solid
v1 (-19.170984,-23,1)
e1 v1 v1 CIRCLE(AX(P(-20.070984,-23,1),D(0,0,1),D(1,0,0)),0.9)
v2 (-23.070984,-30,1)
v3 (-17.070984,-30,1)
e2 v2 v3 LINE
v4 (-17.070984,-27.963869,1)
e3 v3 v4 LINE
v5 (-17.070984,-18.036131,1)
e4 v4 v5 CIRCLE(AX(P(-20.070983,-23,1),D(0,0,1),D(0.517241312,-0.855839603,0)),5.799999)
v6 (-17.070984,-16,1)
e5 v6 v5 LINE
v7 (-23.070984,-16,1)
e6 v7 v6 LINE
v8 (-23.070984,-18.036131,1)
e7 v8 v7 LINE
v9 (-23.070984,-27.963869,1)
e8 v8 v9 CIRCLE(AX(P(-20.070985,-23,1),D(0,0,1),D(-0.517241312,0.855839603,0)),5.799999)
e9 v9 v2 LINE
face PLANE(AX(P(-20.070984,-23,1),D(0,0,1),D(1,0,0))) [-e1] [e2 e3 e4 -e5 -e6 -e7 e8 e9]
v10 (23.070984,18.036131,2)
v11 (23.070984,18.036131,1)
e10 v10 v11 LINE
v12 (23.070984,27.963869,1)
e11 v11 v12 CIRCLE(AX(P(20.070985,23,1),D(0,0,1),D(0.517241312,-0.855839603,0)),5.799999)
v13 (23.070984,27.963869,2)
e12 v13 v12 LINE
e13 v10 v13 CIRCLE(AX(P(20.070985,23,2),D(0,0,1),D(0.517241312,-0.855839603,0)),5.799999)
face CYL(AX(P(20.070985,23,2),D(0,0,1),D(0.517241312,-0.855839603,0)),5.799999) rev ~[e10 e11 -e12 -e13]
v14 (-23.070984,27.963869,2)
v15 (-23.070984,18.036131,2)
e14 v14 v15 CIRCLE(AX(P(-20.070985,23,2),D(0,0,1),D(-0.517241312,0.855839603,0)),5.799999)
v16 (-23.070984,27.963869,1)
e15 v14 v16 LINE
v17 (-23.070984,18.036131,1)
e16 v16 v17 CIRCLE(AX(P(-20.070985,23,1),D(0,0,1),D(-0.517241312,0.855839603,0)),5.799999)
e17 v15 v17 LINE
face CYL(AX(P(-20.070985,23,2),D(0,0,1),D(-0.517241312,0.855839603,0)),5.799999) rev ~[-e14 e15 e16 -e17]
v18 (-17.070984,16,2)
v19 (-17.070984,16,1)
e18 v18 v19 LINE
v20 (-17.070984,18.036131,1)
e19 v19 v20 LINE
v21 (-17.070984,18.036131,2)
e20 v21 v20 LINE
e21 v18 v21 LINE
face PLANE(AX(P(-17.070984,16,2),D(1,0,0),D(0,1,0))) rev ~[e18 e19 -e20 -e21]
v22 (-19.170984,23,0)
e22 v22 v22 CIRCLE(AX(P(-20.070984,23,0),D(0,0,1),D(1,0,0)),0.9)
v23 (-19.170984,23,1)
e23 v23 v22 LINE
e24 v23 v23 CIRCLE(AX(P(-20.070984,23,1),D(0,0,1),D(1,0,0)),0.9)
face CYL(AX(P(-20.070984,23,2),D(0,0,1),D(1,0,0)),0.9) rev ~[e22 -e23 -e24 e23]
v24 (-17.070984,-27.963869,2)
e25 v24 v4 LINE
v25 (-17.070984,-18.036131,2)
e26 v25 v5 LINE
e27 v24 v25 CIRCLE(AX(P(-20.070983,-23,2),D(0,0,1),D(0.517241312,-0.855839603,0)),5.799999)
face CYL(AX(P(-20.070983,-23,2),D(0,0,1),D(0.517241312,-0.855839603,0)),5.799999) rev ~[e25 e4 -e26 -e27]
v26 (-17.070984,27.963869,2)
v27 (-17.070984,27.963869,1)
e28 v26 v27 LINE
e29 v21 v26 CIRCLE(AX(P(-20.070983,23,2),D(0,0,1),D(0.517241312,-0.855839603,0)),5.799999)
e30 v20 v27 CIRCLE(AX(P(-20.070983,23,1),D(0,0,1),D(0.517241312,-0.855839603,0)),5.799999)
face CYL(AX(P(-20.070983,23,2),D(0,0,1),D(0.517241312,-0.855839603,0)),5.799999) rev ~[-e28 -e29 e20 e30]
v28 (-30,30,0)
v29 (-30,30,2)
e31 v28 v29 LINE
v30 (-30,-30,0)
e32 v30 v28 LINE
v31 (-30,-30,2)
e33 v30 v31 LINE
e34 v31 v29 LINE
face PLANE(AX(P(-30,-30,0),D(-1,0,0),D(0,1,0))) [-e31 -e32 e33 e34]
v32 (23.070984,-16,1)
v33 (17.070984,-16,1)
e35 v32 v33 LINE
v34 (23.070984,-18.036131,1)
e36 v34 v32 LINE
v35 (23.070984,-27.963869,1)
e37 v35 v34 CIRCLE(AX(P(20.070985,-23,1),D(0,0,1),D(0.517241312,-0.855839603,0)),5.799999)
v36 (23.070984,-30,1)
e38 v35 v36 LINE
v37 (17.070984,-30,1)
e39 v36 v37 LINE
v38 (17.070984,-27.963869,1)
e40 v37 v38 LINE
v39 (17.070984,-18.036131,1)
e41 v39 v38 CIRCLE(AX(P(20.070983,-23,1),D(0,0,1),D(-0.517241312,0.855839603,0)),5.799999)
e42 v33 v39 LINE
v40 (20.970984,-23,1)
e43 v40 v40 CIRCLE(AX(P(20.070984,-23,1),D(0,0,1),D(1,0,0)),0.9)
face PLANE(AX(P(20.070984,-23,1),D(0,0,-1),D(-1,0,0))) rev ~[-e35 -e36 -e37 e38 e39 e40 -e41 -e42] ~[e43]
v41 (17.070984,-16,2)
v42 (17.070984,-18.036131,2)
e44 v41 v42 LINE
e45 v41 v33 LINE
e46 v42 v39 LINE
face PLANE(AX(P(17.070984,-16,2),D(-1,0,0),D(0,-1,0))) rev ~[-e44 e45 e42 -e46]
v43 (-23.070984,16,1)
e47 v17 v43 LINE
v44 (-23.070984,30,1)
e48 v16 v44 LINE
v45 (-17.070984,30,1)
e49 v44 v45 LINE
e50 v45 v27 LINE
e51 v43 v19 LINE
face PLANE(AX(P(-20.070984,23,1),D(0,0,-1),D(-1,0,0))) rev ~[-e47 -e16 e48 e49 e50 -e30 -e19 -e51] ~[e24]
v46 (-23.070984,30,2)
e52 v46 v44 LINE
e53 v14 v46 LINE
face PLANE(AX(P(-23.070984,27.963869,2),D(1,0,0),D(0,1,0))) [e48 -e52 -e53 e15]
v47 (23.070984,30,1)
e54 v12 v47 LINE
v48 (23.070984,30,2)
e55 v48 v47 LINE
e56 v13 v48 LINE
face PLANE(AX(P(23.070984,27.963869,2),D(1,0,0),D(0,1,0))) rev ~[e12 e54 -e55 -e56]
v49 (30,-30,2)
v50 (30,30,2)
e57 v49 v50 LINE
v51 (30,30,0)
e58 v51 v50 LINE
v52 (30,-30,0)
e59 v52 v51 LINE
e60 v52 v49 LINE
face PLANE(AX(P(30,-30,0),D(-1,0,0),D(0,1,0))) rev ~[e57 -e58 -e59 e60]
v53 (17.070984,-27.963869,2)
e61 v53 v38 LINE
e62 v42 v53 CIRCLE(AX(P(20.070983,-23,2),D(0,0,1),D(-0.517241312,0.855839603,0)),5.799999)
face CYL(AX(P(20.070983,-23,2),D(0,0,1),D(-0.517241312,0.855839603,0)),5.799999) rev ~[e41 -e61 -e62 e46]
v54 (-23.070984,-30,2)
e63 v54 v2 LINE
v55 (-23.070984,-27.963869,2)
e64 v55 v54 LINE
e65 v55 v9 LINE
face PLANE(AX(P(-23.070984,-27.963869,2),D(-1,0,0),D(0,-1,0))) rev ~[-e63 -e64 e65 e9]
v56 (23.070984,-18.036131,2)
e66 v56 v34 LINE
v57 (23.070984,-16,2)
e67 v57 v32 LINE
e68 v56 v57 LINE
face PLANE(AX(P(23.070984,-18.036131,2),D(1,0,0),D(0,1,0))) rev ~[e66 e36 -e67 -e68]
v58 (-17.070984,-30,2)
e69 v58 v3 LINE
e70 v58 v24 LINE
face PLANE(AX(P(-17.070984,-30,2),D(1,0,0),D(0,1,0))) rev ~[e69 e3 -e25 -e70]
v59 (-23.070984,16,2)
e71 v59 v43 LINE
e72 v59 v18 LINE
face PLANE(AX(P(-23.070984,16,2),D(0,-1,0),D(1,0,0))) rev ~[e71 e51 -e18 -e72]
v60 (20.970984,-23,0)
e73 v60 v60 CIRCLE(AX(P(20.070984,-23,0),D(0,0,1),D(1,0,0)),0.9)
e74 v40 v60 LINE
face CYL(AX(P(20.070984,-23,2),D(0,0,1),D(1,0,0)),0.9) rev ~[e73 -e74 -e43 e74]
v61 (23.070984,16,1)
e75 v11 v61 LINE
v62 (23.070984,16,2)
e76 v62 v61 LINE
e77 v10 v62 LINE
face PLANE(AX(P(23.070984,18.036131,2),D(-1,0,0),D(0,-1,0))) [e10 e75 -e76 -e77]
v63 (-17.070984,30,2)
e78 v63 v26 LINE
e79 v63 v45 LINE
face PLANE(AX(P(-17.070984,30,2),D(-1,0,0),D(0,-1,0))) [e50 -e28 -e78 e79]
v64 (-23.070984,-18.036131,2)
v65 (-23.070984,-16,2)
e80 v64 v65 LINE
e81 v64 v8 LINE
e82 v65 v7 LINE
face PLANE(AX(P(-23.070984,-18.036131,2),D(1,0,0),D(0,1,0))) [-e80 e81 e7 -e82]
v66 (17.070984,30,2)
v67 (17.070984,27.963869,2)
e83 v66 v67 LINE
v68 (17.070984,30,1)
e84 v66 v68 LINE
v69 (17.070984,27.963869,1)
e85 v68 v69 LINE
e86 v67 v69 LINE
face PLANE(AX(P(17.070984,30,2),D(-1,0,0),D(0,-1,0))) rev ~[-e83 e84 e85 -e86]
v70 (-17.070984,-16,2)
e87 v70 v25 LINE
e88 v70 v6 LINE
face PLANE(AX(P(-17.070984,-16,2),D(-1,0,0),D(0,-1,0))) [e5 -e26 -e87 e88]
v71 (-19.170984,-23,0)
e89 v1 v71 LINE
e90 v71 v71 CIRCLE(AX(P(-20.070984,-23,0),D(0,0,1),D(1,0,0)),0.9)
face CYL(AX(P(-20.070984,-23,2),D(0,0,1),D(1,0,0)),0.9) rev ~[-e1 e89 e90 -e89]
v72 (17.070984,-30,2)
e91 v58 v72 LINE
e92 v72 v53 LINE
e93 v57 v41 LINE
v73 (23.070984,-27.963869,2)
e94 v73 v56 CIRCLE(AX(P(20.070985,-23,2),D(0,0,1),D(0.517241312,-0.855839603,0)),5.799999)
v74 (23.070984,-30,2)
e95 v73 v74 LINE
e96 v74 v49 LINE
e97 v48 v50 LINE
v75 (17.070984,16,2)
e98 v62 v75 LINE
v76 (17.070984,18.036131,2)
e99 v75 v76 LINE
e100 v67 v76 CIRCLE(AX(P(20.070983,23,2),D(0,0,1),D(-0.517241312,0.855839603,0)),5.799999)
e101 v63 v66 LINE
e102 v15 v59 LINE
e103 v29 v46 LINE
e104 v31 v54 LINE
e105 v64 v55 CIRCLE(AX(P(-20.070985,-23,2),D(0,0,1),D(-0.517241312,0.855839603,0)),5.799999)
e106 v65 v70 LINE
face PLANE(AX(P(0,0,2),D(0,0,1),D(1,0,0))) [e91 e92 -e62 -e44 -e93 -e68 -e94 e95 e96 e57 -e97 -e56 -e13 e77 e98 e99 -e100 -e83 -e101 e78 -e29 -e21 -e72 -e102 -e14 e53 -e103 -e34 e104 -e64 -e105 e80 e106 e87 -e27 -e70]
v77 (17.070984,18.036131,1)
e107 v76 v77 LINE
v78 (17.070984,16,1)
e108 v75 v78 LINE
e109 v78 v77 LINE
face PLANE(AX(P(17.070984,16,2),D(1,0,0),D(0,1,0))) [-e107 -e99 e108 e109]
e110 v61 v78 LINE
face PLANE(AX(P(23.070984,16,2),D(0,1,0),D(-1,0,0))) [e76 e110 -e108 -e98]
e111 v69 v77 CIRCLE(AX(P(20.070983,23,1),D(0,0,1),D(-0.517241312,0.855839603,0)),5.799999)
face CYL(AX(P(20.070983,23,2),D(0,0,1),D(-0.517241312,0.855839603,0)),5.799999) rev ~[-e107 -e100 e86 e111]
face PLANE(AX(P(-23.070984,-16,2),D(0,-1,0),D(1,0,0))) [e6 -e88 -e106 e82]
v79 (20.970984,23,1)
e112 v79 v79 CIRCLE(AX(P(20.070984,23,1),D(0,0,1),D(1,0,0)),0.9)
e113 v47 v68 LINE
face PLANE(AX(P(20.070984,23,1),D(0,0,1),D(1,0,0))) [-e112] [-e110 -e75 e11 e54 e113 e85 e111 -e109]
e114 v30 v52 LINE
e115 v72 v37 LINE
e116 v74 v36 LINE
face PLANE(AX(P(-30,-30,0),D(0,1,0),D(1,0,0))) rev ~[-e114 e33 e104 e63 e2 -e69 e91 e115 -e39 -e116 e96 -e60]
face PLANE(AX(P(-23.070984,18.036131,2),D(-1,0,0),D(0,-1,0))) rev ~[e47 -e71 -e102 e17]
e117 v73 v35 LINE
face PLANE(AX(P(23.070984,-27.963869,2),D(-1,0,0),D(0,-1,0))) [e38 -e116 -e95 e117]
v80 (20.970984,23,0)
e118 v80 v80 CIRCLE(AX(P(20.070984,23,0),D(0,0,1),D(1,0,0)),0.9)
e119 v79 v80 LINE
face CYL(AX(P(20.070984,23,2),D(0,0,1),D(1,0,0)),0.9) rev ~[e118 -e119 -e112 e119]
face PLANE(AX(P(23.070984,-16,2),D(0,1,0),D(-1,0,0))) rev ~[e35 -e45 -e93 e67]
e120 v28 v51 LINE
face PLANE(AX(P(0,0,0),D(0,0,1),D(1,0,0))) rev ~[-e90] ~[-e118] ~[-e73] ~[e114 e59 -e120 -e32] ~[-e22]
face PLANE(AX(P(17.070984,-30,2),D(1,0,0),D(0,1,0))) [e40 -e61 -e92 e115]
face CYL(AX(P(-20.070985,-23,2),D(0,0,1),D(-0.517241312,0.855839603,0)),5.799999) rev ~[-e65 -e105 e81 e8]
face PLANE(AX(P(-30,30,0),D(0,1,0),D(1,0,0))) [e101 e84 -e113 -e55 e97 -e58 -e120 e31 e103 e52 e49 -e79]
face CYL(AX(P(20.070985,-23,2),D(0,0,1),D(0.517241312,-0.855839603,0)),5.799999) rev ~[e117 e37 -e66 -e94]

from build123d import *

# Parameters (mm, degrees)
SKETCH_W        = 60
SKETCH_H        = 60
PAD_DEPTH       = 2
POCKET001_DEPTH = 1
SKETCH005_R     = 0.9
POCKET002_DEPTH = 5


with BuildPart() as part:
    # Sketch → Pad (new body)
    with BuildSketch(Plane.XY):
        Rectangle(SKETCH_W, SKETCH_H)
    extrude(amount=PAD_DEPTH)

    # Sketch004 (on Face6 of Pad) → Pocket001 (cut)
    with BuildSketch(Plane.XY.offset(2)):
        with BuildLine():
            Line((-23.070984, -27.963869), (-23.070984, -30))
            Line((-23.070984, -30), (-17.070984, -30))
            Line((-17.070984, -30), (-17.070984, -27.963869))
            ThreePointArc((-17.070984, -27.963869), (-14.270984, -23), (-17.070984, -18.036131))
            Line((-17.070984, -16), (-17.070984, -18.036131))
            Line((-23.070984, -16), (-17.070984, -16))
            Line((-23.070984, -18.036131), (-23.070984, -16))
            ThreePointArc((-23.070984, -18.036131), (-25.870984, -23), (-23.070984, -27.963869))
        make_face()
        with BuildLine():
            Line((23.070984, -27.963869), (23.070984, -30))
            Line((23.070984, -30), (17.070984, -30))
            Line((17.070984, -30), (17.070984, -27.963869))
            ThreePointArc((17.070984, -18.036131), (14.270984, -23), (17.070984, -27.963869))
            Line((17.070984, -16), (17.070984, -18.036131))
            Line((23.070984, -16), (17.070984, -16))
            Line((23.070984, -18.036131), (23.070984, -16))
            ThreePointArc((23.070984, -27.963869), (25.870984, -23), (23.070984, -18.036131))
        make_face()
        with BuildLine():
            Line((-23.070984, 27.963869), (-23.070984, 30))
            Line((-23.070984, 30), (-17.070984, 30))
            Line((-17.070984, 30), (-17.070984, 27.963869))
            ThreePointArc((-17.070984, 18.036131), (-14.270984, 23), (-17.070984, 27.963869))
            Line((-17.070984, 16), (-17.070984, 18.036131))
            Line((-23.070984, 16), (-17.070984, 16))
            Line((-23.070984, 18.036131), (-23.070984, 16))
            ThreePointArc((-23.070984, 27.963869), (-25.870984, 23), (-23.070984, 18.036131))
        make_face()
        with BuildLine():
            Line((23.070984, 27.963869), (23.070984, 30))
            Line((23.070984, 30), (17.070984, 30))
            Line((17.070984, 30), (17.070984, 27.963869))
            ThreePointArc((17.070984, 27.963869), (14.270984, 23), (17.070984, 18.036131))
            Line((17.070984, 16), (17.070984, 18.036131))
            Line((23.070984, 16), (17.070984, 16))
            Line((23.070984, 18.036131), (23.070984, 16))
            ThreePointArc((23.070984, 18.036131), (25.870984, 23), (23.070984, 27.963869))
        make_face()
    extrude(amount=-POCKET001_DEPTH, mode=Mode.SUBTRACT)

    # Sketch005 (on Face4 of Pocket001) → Pocket002 (cut)
    with BuildSketch(Plane.XY.offset(2)):
        with Locations((-20.070984, -23)):
            Circle(SKETCH005_R)
        with Locations((20.070984, -23)):
            Circle(SKETCH005_R)
        with Locations((-20.070984, 23)):
            Circle(SKETCH005_R)
        with Locations((20.070984, 23)):
            Circle(SKETCH005_R)
    extrude(amount=-POCKET002_DEPTH, mode=Mode.SUBTRACT)


solid = part.part
